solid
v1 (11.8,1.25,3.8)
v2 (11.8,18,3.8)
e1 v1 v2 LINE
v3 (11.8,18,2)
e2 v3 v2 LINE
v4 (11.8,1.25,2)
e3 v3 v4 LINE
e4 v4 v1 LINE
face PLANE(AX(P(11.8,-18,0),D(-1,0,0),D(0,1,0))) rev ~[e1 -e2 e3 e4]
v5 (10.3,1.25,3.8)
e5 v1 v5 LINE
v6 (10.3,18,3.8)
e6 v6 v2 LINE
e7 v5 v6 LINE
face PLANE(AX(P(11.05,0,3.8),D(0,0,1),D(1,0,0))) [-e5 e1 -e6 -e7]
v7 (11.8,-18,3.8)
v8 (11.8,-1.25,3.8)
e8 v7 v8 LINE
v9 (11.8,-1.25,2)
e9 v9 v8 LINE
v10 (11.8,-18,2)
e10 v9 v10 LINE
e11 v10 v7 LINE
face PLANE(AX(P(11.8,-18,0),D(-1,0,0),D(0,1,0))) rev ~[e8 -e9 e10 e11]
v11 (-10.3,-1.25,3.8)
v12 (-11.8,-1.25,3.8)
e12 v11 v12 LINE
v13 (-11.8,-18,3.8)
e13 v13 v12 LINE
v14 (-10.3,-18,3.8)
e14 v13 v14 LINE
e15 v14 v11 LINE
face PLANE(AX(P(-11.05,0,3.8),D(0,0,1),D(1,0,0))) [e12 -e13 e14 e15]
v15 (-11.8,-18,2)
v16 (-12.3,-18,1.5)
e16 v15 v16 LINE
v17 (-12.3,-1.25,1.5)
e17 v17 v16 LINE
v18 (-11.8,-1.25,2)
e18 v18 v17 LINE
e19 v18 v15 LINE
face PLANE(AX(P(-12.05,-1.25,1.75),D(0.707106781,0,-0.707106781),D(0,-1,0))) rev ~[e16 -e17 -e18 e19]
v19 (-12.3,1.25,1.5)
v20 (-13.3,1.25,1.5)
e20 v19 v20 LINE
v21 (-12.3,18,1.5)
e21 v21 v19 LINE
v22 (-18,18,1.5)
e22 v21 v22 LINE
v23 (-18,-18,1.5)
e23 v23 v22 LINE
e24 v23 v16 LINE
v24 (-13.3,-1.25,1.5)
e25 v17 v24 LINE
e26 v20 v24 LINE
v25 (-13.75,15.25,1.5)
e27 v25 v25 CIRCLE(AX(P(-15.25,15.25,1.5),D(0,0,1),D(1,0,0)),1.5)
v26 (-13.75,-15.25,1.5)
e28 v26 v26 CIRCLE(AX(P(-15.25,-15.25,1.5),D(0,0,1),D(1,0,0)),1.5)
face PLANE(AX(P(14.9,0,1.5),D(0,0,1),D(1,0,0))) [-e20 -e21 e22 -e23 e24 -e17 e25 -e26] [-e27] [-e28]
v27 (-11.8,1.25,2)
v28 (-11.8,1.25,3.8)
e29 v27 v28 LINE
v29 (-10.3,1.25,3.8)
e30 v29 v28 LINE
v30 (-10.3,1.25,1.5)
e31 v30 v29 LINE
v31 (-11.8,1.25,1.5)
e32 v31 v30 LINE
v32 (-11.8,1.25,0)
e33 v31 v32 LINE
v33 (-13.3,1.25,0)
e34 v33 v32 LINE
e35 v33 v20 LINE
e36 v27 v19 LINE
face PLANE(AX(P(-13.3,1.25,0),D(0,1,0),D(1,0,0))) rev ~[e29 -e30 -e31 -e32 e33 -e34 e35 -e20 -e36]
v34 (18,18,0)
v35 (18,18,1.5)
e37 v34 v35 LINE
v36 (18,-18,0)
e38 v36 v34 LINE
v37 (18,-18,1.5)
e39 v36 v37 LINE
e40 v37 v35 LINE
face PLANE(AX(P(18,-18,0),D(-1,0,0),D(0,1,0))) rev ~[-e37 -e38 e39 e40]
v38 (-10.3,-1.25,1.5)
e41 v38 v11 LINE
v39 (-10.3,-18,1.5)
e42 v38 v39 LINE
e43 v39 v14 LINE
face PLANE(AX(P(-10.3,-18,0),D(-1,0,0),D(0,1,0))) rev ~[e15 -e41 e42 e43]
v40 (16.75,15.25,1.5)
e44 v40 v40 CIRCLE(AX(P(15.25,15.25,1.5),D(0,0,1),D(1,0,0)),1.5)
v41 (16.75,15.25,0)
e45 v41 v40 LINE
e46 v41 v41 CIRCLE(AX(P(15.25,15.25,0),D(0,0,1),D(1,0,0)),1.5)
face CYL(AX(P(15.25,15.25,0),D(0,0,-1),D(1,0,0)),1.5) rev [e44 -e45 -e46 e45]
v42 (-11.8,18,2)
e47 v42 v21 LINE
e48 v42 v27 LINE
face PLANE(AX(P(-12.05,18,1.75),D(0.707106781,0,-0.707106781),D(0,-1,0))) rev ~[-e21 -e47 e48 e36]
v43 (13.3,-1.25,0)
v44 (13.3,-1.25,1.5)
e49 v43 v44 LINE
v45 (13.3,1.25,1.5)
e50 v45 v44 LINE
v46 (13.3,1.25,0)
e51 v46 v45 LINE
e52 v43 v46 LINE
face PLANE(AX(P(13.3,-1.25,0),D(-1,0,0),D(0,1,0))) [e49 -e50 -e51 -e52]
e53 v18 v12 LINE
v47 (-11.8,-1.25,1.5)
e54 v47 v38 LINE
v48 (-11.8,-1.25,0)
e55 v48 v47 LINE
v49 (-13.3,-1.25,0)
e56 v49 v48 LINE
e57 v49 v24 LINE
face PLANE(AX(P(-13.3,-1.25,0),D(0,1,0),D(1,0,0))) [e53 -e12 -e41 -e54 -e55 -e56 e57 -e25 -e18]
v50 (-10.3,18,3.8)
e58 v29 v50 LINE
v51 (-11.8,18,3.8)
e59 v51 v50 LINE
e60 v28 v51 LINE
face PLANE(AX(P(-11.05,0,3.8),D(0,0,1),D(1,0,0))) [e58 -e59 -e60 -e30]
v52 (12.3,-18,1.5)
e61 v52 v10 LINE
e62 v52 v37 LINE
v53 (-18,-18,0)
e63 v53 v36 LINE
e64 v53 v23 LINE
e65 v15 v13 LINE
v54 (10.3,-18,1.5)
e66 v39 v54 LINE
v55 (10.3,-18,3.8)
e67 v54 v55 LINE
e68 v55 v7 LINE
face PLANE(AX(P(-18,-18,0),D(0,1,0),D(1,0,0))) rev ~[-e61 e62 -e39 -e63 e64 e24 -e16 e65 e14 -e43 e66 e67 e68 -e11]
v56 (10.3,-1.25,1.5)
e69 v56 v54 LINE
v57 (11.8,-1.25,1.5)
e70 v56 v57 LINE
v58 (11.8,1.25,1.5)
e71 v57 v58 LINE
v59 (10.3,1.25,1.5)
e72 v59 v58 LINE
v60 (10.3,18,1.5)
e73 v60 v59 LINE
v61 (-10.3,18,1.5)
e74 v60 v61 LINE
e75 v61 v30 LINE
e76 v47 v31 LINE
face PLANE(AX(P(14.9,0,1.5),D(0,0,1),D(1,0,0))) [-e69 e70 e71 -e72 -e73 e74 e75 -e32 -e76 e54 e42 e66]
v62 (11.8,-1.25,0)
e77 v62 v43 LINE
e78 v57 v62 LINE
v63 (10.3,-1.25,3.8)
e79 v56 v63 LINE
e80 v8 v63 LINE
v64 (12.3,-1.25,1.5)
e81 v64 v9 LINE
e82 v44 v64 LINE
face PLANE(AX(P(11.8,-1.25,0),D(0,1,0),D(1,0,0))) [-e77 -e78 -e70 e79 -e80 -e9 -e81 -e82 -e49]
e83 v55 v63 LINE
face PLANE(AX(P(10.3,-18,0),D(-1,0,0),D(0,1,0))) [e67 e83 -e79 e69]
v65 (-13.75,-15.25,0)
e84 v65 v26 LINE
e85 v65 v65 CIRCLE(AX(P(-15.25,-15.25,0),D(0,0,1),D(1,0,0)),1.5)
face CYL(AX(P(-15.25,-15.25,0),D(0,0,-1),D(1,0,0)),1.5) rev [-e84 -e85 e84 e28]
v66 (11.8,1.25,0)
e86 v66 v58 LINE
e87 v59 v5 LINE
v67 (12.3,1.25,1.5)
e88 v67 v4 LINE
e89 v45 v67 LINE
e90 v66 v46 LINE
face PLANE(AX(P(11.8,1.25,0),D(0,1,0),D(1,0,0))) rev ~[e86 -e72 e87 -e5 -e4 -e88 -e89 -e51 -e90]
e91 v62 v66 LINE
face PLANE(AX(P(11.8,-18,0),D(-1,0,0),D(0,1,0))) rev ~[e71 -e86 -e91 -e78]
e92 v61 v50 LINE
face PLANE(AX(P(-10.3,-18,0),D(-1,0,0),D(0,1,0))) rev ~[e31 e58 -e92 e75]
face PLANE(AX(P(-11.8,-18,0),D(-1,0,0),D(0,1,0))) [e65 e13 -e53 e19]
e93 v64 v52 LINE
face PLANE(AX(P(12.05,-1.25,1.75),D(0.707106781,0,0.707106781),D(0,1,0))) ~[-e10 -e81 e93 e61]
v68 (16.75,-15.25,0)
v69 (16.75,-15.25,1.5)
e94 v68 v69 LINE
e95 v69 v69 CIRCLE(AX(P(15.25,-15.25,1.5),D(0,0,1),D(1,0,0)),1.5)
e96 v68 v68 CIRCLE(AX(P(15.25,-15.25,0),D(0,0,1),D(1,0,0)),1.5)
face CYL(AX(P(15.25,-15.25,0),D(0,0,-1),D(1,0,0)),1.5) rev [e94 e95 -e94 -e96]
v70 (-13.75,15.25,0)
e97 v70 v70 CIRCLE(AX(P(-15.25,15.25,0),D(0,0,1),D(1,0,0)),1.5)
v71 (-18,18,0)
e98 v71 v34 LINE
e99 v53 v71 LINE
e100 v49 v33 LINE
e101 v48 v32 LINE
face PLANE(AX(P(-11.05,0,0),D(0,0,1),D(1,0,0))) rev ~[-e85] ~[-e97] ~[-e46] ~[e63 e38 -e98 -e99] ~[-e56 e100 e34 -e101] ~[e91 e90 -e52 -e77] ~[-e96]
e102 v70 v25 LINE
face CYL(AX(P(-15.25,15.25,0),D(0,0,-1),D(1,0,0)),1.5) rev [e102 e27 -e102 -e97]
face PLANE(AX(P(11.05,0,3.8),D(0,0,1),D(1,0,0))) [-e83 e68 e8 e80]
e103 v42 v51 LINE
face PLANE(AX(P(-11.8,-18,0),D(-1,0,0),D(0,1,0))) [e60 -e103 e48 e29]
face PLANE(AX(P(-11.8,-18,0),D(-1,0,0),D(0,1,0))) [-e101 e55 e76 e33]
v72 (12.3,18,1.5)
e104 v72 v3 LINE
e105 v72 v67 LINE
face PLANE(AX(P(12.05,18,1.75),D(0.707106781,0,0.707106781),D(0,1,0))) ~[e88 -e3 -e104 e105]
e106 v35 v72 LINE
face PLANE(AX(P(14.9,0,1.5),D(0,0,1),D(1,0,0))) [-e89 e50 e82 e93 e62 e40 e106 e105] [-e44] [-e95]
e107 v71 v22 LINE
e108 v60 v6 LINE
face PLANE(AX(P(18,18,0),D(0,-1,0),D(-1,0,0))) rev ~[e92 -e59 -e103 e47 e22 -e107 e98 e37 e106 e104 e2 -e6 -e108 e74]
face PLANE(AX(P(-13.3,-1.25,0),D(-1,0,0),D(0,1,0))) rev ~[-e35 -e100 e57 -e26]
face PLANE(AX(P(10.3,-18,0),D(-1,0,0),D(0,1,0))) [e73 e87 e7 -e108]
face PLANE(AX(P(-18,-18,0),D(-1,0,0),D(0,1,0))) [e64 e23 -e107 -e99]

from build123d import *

# Parameters (mm, degrees)
F0_W     = 6.2
F0_H     = 36
F0_R     = 1.5
F0_W_2   = 1.5
F0_W_3   = 20.6
F3_DEPTH = 1.5
F4_DEPTH = 3.8
F2_W     = 1.5
F2_H     = 2.5
F5_DEPTH = 25
F6_SIZE  = 0.5
F7_W     = 1.5
F7_H     = 2.5
F8_DEPTH = 25


with BuildPart() as f3:
    # F0 (on Top) → F3 (new body)
    with BuildSketch(Plane.XY):
        with Locations((14.9, 0)):
            Rectangle(F0_W, F0_H)
        with Locations((15.25, -15.25)):
            Circle(F0_R, mode=Mode.SUBTRACT)
        with Locations((15.25, 15.25)):
            Circle(F0_R, mode=Mode.SUBTRACT)
        with Locations((11.05, 0)):
            Rectangle(F0_W_2, F0_H)
        Rectangle(F0_W_3, F0_H)
        with Locations((-11.05, 0)):
            Rectangle(F0_W_2, F0_H)
        with Locations((-14.9, 0)):
            Rectangle(F0_W, F0_H)
        with Locations((-15.25, -15.25)):
            Circle(F0_R, mode=Mode.SUBTRACT)
        with Locations((-15.25, 15.25)):
            Circle(F0_R, mode=Mode.SUBTRACT)
    extrude(amount=F3_DEPTH)

    # F0 (on Top) → F4 (join)
    with BuildSketch(Plane.XY):
        with Locations((-11.05, 0)):
            Rectangle(F0_W_2, F0_H)
        with Locations((11.05, 0)):
            Rectangle(F0_W_2, F0_H)
    extrude(amount=F4_DEPTH)

    # F2 (on face) → F5 (cut)
    with BuildSketch(Plane.XY):
        with Locations((-12.55, 0)):
            Rectangle(F2_W, F2_H)
        with Locations((12.55, 0)):
            Rectangle(F2_W, F2_H)
    extrude(amount=F5_DEPTH, mode=Mode.SUBTRACT)

    # F6
    f6_edges = [f3.edges().sort_by_distance(p)[0] for p in [
        (-11.8, 9.625, 1.5),
        (-11.8, -9.625, 1.5),
        (11.8, -9.625, 1.5),
        (11.8, 9.625, 1.5),
    ]]
    chamfer(f6_edges, length=F6_SIZE)

    # F7 (on face) → F8 (cut)
    with BuildSketch(Plane.XY.offset(1.5)):
        with Locations((-11.05, 0)):
            Rectangle(F7_W, F7_H)
        with Locations((11.05, 0)):
            Rectangle(F7_W, F7_H)
    extrude(amount=F8_DEPTH, mode=Mode.SUBTRACT)


solid = f3.part
